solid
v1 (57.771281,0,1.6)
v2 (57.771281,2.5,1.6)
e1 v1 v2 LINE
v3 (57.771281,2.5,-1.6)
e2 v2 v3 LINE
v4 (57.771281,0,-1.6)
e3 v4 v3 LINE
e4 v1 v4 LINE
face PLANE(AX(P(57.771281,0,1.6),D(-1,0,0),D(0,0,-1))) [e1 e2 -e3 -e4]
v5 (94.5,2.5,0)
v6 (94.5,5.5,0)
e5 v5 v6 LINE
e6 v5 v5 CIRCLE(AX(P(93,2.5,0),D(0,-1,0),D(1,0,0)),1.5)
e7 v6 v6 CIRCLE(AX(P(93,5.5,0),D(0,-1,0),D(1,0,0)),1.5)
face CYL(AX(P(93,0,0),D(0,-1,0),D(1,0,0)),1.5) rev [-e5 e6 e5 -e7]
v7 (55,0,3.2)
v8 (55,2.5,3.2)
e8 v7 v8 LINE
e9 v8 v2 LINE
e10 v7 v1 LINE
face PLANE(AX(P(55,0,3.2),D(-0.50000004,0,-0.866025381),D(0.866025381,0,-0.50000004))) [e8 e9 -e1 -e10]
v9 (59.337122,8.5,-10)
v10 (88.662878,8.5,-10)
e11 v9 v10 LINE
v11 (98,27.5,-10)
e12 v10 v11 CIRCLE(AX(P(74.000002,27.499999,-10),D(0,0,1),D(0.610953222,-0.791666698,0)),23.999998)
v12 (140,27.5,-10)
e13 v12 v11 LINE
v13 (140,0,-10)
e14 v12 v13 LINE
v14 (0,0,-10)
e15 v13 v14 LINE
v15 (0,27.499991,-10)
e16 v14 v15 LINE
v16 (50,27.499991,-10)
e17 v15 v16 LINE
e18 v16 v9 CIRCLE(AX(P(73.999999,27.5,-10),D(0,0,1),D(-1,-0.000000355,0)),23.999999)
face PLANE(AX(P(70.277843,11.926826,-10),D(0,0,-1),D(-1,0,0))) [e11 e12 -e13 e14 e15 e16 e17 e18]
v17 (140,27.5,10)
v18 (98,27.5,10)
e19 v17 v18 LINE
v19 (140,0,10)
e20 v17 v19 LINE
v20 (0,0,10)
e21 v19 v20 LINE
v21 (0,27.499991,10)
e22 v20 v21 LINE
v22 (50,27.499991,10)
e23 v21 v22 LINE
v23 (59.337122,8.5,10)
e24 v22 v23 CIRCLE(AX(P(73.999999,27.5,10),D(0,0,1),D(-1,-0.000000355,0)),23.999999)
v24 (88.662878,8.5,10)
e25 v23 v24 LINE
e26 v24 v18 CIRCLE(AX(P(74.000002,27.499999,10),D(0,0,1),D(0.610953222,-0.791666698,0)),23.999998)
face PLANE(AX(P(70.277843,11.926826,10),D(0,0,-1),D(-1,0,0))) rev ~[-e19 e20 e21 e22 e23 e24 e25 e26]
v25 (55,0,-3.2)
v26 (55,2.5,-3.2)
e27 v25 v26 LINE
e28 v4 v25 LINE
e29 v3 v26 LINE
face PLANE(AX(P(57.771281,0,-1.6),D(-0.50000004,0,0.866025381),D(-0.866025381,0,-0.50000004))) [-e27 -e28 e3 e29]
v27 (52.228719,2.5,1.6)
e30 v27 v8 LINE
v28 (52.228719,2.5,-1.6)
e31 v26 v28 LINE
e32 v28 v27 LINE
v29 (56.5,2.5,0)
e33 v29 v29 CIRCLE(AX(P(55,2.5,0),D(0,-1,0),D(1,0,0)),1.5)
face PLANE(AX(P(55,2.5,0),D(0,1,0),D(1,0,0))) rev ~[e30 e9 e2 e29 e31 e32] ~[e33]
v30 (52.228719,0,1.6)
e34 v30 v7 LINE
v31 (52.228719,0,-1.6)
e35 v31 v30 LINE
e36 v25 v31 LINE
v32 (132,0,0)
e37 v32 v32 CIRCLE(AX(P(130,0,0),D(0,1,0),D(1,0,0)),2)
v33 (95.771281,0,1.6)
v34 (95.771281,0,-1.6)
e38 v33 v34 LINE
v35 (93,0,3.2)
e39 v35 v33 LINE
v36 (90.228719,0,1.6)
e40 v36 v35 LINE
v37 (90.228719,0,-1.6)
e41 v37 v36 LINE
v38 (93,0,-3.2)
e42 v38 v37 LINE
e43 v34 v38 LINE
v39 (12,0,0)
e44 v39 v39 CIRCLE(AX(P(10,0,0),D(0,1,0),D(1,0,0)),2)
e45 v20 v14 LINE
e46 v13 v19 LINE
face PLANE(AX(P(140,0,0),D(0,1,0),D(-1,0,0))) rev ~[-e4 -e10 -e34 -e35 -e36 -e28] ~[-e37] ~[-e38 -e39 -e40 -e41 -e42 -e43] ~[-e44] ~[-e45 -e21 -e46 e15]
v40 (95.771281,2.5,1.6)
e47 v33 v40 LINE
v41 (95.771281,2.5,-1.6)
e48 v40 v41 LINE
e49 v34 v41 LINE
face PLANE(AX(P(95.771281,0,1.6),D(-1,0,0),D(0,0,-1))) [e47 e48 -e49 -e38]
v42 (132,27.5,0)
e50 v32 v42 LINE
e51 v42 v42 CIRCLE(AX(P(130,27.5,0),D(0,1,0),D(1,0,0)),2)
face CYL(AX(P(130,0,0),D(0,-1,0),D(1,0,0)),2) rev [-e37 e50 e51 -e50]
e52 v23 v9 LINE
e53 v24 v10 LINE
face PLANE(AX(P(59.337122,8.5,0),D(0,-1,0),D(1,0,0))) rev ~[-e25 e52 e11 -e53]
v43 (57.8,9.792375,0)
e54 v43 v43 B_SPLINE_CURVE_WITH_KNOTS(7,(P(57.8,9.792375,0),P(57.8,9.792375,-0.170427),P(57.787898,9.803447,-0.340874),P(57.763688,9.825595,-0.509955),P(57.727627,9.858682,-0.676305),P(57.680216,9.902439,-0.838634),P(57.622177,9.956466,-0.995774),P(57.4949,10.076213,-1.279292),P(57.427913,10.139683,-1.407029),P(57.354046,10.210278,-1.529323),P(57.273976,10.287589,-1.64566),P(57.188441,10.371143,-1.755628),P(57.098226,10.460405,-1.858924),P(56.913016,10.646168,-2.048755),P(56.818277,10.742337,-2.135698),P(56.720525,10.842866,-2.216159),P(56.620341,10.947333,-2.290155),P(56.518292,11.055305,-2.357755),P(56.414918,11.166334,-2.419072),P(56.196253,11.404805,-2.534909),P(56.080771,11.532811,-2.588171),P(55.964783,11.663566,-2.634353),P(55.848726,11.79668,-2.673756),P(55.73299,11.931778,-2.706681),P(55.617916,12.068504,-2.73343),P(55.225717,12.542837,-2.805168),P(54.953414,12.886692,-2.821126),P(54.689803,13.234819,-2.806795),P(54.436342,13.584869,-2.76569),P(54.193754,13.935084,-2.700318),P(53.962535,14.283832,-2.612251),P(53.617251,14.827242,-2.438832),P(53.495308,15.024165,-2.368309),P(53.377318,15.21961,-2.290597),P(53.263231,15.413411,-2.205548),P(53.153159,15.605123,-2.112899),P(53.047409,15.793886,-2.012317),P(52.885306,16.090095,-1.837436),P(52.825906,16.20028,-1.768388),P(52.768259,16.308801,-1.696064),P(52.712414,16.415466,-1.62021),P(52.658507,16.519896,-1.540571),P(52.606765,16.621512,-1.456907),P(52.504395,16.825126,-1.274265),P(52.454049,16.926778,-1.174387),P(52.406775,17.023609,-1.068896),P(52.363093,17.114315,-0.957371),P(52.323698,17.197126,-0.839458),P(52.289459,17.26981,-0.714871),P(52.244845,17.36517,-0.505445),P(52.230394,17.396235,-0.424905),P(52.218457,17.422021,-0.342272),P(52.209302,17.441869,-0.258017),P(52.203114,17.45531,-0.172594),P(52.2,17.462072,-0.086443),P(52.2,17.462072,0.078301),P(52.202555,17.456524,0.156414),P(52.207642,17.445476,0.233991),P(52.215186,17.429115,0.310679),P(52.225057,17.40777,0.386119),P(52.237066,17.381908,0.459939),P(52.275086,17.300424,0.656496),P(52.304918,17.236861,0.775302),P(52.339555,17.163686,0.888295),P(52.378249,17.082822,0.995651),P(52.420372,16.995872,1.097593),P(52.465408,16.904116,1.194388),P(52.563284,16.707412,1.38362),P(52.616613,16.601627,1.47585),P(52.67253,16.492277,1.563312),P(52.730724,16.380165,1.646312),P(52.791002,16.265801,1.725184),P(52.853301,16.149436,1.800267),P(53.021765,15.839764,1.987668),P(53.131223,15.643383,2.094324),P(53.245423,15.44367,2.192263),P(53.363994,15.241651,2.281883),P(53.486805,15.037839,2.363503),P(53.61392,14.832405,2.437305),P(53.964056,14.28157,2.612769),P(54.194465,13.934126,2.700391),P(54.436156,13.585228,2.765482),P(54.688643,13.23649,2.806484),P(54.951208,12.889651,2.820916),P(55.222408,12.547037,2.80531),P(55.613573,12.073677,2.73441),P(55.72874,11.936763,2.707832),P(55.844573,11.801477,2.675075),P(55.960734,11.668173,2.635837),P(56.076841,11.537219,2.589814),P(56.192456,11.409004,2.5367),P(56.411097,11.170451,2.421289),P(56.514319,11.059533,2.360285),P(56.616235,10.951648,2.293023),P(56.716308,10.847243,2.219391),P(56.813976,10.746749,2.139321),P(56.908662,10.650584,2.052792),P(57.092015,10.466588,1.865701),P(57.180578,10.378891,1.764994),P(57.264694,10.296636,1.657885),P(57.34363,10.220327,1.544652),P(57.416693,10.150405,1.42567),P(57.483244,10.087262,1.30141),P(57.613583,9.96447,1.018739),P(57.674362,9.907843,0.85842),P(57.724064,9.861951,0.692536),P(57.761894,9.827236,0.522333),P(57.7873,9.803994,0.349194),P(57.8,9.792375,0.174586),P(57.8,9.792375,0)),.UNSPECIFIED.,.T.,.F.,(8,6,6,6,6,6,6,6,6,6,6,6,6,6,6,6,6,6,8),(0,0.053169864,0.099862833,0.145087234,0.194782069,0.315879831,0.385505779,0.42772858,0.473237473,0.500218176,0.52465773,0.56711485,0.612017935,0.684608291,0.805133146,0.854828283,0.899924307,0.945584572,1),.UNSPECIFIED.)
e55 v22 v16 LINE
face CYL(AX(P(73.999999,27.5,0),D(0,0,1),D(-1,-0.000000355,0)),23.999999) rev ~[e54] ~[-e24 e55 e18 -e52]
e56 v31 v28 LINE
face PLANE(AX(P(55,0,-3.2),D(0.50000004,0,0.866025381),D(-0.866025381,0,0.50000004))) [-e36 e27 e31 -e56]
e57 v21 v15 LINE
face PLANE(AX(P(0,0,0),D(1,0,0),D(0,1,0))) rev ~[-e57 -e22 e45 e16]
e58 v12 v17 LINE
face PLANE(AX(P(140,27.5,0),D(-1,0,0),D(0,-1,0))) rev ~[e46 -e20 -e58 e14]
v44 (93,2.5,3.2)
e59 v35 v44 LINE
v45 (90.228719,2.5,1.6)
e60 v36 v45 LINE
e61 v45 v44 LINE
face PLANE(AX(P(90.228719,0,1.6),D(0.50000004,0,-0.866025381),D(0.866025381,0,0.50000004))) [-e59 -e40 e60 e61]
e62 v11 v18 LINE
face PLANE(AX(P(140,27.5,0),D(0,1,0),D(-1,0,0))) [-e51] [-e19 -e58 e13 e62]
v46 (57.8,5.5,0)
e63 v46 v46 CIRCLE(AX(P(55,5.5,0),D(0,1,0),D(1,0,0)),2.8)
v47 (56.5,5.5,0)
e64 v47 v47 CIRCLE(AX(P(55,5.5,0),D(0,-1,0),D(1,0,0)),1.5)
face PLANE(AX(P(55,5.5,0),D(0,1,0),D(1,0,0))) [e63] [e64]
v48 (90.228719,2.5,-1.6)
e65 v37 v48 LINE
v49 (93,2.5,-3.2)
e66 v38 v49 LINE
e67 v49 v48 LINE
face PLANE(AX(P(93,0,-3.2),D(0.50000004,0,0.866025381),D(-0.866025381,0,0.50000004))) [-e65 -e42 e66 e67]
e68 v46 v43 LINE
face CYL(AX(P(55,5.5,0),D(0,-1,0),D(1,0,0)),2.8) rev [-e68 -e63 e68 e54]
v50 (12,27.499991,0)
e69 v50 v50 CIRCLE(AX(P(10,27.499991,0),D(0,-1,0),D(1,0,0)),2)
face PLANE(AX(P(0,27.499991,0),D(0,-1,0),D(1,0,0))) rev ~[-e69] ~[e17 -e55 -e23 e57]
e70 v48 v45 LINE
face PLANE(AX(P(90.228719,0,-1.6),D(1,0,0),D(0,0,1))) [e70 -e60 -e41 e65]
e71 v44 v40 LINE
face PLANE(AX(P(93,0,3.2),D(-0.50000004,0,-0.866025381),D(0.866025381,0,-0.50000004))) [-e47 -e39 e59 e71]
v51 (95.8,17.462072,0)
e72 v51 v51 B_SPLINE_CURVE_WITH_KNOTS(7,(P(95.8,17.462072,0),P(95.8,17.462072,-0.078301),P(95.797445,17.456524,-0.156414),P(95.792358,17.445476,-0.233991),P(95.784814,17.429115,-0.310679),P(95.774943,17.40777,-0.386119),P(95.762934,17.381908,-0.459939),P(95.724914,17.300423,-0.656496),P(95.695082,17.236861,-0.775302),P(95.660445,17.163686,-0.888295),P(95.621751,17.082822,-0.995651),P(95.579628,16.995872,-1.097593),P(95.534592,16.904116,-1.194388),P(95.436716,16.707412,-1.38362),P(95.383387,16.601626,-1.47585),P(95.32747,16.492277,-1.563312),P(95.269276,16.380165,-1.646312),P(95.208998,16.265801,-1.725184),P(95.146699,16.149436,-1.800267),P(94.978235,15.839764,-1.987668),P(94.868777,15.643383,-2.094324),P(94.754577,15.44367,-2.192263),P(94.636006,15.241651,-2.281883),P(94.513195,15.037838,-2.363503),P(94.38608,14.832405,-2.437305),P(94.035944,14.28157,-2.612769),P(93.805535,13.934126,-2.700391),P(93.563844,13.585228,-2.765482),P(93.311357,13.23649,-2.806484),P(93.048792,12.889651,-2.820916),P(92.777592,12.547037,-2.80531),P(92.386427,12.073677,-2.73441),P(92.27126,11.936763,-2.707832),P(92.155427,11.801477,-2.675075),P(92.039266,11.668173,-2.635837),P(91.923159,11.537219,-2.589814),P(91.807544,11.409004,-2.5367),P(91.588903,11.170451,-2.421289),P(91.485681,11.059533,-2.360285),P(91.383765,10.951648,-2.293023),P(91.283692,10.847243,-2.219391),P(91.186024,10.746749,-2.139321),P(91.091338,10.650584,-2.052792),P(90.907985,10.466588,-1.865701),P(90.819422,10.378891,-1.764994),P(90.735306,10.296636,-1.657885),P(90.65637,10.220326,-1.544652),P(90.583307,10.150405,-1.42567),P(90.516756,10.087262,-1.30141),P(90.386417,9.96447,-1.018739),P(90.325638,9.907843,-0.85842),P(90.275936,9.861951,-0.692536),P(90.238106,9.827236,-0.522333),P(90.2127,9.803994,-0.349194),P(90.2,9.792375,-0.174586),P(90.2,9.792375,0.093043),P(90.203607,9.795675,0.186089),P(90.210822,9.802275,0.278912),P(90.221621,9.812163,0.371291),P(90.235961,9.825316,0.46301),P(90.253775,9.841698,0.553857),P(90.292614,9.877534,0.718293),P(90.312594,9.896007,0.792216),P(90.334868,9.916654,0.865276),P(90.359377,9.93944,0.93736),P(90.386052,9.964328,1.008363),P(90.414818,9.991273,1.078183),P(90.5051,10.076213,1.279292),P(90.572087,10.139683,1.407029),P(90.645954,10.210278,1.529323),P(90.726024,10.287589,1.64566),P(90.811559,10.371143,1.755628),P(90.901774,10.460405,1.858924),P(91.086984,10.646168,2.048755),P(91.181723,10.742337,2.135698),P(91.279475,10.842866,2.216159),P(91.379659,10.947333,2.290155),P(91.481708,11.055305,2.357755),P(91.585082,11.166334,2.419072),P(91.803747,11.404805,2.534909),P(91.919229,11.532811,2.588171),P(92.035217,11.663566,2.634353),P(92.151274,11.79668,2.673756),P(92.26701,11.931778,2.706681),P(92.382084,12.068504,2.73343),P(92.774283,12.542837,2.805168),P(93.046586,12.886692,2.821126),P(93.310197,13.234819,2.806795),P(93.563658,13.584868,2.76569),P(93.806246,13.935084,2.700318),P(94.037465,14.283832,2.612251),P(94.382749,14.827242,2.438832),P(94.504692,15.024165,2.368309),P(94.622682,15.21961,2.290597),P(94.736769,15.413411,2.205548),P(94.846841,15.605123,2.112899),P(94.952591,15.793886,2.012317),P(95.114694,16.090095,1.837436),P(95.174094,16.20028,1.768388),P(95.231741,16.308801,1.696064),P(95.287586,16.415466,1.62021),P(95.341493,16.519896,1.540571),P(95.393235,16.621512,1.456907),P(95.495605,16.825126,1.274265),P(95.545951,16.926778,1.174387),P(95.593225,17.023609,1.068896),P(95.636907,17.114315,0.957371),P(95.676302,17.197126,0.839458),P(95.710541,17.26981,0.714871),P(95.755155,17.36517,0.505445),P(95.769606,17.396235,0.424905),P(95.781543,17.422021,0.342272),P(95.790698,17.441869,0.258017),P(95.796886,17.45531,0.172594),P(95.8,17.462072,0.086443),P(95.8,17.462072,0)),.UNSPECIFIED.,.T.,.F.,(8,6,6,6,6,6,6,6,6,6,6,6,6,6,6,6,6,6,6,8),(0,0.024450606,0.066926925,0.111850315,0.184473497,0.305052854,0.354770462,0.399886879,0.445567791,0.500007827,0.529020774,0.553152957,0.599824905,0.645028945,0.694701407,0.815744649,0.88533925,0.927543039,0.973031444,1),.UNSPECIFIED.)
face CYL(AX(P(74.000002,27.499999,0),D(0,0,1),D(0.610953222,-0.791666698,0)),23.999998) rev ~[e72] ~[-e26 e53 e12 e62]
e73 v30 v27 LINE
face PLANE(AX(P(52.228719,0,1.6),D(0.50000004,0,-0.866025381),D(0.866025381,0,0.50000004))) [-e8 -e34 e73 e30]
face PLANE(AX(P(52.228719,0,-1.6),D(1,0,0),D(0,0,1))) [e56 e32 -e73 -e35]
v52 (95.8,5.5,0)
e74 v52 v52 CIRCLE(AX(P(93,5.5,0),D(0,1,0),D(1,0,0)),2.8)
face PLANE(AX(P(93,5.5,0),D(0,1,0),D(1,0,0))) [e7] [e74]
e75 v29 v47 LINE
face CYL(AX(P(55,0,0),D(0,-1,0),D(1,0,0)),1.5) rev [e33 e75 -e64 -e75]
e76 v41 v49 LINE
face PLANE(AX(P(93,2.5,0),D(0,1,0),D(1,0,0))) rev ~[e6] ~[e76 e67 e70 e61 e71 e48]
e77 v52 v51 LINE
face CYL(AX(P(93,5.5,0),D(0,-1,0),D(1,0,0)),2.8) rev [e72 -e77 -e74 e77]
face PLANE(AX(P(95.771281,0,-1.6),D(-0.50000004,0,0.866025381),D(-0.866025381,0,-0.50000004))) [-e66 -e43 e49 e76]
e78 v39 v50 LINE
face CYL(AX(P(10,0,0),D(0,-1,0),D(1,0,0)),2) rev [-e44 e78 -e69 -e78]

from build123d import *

# Parameters (mm, degrees)
PAD002_DEPTH              = 2.5
CYLINDER005_R             = 2.8
CYLINDER005_DEPTH         = 15
CYLINDER004_R             = 1.5
CYLINDER004_DEPTH         = 8.5
FUSION002_PLACEMENT_ANGLE = 90
PAD001_DEPTH              = 2.5
CYLINDER003_R             = 2.8
CYLINDER003_DEPTH         = 15
CYLINDER002_R             = 1.5
CYLINDER002_DEPTH         = 8.5
FUSION001_PLACEMENT_ANGLE = 90
CYLINDER001_R             = 2
CYLINDER001_DEPTH         = 27.5
CYLINDER_R                = 2
CYLINDER_DEPTH            = 27.5
PAD_DEPTH                 = 10


with BuildPart() as body002:
    # Sketch002 → Pad002 (new body)
    with BuildSketch(Plane.XY):
        Polygon((0, -3.2), (2.771281, -1.6), (2.771281, 1.6), (0, 3.2), (-2.771281, 1.6), (-2.771281, -1.6), align=None)
    extrude(amount=PAD002_DEPTH)


with BuildPart() as cylinder005:
    # Cylinder005 → Cylinder005 (new body)
    with BuildSketch(Plane.XY.offset(5.5)):
        Circle(CYLINDER005_R)
    extrude(amount=CYLINDER005_DEPTH)


with BuildPart() as fusion002:
    # Cylinder004 → Cylinder004 (new body)
    with BuildSketch(Plane.XY):
        Circle(CYLINDER004_R)
    extrude(amount=CYLINDER004_DEPTH)

    # Fusion002: union Body002, Cylinder005
    add(body002.part)
    add(cylinder005.part)


with BuildPart() as fusion002_1:
    # Fusion002 placement: moved
    add(fusion002.part.moved(Location((93, 0, 0))).rotate(Axis((93, 0, 0), (-1, 0, 0)), FUSION002_PLACEMENT_ANGLE))


with BuildPart() as body001:
    # Sketch001 → Pad001 (new body)
    with BuildSketch(Plane.XY):
        Polygon((0, -3.2), (2.771281, -1.6), (2.771281, 1.6), (0, 3.2), (-2.771281, 1.6), (-2.771281, -1.6), align=None)
    extrude(amount=PAD001_DEPTH)


with BuildPart() as cylinder003:
    # Cylinder003 → Cylinder003 (new body)
    with BuildSketch(Plane.XY.offset(5.5)):
        Circle(CYLINDER003_R)
    extrude(amount=CYLINDER003_DEPTH)


with BuildPart() as fusion003:
    # Cylinder002 → Cylinder002 (new body)
    with BuildSketch(Plane.XY):
        Circle(CYLINDER002_R)
    extrude(amount=CYLINDER002_DEPTH)

    # Fusion001: union Body001, Cylinder003
    add(body001.part)
    add(cylinder003.part)


with BuildPart() as fusion003_1:
    # Fusion001 placement: moved
    add(fusion003.part.moved(Location((55, 0, 0))).rotate(Axis((55, 0, 0), (-1, 0, 0)), FUSION001_PLACEMENT_ANGLE))

    # Fusion003: union Fusion002
    add(fusion002_1.part)


with BuildPart() as cylinder001:
    # Cylinder001 → Cylinder001 (new body)
    with BuildSketch(Plane(origin=(130, 0, 0), x_dir=(1, 0, 0), z_dir=(0, 1, 0))):
        Circle(CYLINDER001_R)
    extrude(amount=CYLINDER001_DEPTH)


with BuildPart() as fusion:
    # Cylinder → Cylinder (new body)
    with BuildSketch(Plane(origin=(10, 0, 0), x_dir=(1, 0, 0), z_dir=(0, 1, 0))):
        Circle(CYLINDER_R)
    extrude(amount=CYLINDER_DEPTH)

    # Fusion: union Cylinder001
    add(cylinder001.part)


with BuildPart() as cut001:
    # Sketch (on Sketch) → Pad (new body, symmetric)
    with BuildSketch(Plane.XY):
        with BuildLine():
            Line((140, 0), (0, 0))
            Line((0, 0), (0, 27.499991))
            Line((0, 27.499991), (50, 27.499991))
            ThreePointArc((50, 27.499991), (52.460398, 16.914843), (59.337122, 8.5))
            Line((59.337122, 8.5), (88.662878, 8.5))
            ThreePointArc((88.662878, 8.5), (95.539604, 16.914847), (98, 27.5))
            Line((140, 27.5), (98, 27.5))
            Line((140, 27.5), (140, 0))
        make_face()
    extrude(amount=PAD_DEPTH, both=True)

    # Cut: cut Fusion
    add(fusion.part, mode=Mode.SUBTRACT)

    # Cut001: cut Fusion003
    add(fusion003_1.part, mode=Mode.SUBTRACT)


solid = cut001.part
